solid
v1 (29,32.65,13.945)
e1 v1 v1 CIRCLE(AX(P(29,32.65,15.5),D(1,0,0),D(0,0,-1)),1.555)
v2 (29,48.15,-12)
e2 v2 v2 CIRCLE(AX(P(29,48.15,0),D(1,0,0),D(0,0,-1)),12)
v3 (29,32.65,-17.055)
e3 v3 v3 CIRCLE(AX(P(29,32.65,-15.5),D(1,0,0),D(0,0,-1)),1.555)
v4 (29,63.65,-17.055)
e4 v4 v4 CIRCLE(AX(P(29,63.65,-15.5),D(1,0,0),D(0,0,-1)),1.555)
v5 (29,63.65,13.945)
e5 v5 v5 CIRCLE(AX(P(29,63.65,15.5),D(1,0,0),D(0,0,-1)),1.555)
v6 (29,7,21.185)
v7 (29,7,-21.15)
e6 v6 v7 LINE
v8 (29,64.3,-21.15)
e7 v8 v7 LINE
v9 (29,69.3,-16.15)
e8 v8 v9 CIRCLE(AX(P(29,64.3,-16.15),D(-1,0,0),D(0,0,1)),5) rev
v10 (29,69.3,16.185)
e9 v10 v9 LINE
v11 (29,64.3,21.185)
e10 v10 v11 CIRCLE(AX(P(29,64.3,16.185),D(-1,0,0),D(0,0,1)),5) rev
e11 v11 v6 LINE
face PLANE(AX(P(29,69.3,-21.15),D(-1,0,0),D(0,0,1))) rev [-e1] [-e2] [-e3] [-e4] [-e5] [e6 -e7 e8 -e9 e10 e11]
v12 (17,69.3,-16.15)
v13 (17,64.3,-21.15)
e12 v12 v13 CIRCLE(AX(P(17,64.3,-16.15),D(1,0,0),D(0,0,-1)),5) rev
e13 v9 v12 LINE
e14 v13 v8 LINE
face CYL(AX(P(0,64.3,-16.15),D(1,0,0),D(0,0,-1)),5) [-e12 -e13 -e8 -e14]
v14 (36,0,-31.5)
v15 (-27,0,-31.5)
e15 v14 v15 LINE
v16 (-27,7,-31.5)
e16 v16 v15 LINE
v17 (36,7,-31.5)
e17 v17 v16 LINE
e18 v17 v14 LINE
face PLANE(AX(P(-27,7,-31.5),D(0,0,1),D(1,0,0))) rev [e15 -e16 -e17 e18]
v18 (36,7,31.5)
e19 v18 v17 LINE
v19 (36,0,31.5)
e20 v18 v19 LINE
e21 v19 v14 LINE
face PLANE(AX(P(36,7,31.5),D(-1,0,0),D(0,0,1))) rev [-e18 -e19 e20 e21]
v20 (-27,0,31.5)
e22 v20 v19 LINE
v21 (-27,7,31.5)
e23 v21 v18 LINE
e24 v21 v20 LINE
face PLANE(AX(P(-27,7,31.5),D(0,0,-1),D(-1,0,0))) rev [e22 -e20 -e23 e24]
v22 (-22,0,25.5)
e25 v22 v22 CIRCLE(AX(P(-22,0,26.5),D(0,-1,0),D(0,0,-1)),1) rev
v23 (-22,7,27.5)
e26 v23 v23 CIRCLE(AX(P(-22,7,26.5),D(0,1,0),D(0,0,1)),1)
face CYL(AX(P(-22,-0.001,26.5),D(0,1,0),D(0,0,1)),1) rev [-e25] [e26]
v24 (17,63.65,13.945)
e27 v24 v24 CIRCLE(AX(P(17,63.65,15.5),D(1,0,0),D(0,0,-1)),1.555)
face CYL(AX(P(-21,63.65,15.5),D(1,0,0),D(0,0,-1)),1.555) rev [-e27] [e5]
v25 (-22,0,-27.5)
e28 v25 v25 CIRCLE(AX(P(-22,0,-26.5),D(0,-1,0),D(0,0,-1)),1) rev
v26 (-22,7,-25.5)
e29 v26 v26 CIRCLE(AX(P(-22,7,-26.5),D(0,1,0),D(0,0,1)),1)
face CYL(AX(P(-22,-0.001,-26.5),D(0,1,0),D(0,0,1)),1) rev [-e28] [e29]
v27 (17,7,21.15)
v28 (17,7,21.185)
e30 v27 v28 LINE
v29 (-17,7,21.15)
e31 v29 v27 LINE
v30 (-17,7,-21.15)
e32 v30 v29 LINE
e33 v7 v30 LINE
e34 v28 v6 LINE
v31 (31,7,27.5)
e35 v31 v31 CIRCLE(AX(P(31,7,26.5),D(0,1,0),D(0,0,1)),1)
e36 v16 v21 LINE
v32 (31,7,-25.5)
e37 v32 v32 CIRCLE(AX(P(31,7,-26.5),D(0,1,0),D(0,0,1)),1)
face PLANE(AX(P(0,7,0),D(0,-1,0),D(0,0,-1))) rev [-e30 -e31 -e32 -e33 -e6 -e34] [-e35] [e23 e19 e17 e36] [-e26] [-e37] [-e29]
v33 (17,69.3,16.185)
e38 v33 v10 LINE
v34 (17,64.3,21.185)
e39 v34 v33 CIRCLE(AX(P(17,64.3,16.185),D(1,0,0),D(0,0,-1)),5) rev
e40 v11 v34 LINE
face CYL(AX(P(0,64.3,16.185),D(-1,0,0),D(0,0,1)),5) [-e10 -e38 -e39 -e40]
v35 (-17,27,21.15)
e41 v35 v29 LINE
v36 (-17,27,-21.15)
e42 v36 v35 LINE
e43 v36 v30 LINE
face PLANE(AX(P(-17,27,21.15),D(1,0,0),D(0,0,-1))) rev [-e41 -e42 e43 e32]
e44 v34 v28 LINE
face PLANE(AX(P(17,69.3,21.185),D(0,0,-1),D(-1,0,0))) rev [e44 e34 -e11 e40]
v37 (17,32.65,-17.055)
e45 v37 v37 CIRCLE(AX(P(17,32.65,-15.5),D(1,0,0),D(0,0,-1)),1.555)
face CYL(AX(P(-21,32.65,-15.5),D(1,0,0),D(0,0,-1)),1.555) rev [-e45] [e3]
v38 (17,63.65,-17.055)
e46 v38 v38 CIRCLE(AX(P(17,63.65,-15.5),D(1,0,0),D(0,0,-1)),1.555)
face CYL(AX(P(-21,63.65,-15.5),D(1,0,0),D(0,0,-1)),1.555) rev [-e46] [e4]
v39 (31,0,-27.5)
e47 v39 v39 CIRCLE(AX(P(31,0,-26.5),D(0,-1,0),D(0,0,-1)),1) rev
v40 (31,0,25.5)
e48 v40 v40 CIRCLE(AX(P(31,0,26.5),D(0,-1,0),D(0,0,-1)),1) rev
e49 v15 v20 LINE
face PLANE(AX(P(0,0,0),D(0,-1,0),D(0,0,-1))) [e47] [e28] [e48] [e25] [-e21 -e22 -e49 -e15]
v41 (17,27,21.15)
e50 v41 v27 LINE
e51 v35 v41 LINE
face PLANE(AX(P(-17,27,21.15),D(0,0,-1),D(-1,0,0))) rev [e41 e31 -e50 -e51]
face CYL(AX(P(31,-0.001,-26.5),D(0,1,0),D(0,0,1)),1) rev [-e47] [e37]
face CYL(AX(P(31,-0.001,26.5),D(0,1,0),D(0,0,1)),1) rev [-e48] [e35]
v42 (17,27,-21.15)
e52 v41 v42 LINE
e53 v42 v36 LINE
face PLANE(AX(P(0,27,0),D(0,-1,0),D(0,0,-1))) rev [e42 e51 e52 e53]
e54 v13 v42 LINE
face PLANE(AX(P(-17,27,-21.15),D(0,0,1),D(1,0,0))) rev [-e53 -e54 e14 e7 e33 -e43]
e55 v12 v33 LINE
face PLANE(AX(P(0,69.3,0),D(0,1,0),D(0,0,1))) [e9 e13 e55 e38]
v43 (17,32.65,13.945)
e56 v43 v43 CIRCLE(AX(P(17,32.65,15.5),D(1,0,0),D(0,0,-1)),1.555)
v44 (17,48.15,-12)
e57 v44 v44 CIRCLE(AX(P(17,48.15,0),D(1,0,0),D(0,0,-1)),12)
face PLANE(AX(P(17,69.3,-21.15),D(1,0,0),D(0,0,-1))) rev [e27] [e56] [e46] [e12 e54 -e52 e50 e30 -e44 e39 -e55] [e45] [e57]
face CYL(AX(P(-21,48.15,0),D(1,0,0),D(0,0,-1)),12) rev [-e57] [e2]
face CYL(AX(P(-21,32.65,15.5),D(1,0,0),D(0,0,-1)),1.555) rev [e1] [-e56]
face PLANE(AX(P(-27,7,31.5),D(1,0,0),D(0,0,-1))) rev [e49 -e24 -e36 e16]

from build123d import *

# Parameters (mm, degrees)
SKETCH1_W              = 63
SKETCH1_H              = 63
BASE_PLATE_DEPTH       = 7
SKETCH4_W              = 34
SKETCH4_H              = 42.3
MAIN_SUPPORT_DEPTH     = 20
SKETCH5_W              = 12
SKETCH5_H              = 42.335
SCREW_SUPPORT_DEPTH    = 62.3
SKETCH6_R              = 12
SKETCH6_R_2            = 1.555
SCREW_DEPTH            = 50
SCREW_SUPPORT_FILLET_R = 5
BASE_SCREW_REACH       = 80.546
SKETCH7_R              = 1


with BuildPart() as part:
    # Sketch1 → Base Plate (new body)
    with BuildSketch(Plane(origin=(0, 0, 0), x_dir=(1, 0, 0), z_dir=(0, 1, 0))):
        with Locations((4.5, 0)):
            Rectangle(SKETCH1_W, SKETCH1_H)
    extrude(amount=BASE_PLATE_DEPTH)

    # Sketch4 → Main Support (add)
    with BuildSketch(Plane(origin=(0, 7, 0), x_dir=(1, 0, 0), z_dir=(0, 1, 0))):
        Rectangle(SKETCH4_W, SKETCH4_H)
    extrude(amount=MAIN_SUPPORT_DEPTH)

    # Sketch5 → Screw Support (add)
    with BuildSketch(Plane(origin=(0, 7, 0), x_dir=(1, 0, 0), z_dir=(0, 1, 0))):
        with Locations((23, -0.0175)):
            Rectangle(SKETCH5_W, SKETCH5_H)
    extrude(amount=SCREW_SUPPORT_DEPTH)

    # Sketch6 → Screw (cut)
    with BuildSketch(Plane(origin=(29, 0, 0), x_dir=(0, 0, -1), z_dir=(1, 0, 0))):
        with Locations((0, 48.15)):
            Circle(SKETCH6_R)
        with Locations((-15.5, 32.65)):
            Circle(SKETCH6_R_2)
        with Locations((15.5, 32.65)):
            Circle(SKETCH6_R_2)
        with Locations((15.5, 63.65)):
            Circle(SKETCH6_R_2)
        with Locations((-15.5, 63.65)):
            Circle(SKETCH6_R_2)
    extrude(amount=-SCREW_DEPTH, mode=Mode.SUBTRACT)

    # Screw Support Fillet
    screw_support_fillet_edges = [part.edges().sort_by_distance(p)[0] for p in [
        (23, 69.3, 21.185),
        (23, 69.3, -21.15),
    ]]
    fillet(screw_support_fillet_edges, radius=SCREW_SUPPORT_FILLET_R)

    # Sketch7 → Base Screw (cut, up to next)
    with BuildSketch(Plane(origin=(0, 7, 0), x_dir=(1, 0, 0), z_dir=(0, 1, 0)), mode=Mode.PRIVATE) as base_screw_sk1:
        with Locations(Location((-22, 26.5, 0), (0, 0, 270))):
            Circle(SKETCH7_R)
    base_screw_tool1 = extrude(base_screw_sk1.sketch, amount=-BASE_SCREW_REACH, mode=Mode.PRIVATE) & part.part
    # Sketch7 → Base Screw (cut, up to next)
    with BuildSketch(Plane(origin=(0, 7, 0), x_dir=(1, 0, 0), z_dir=(0, 1, 0)), mode=Mode.PRIVATE) as base_screw_sk2:
        with Locations(Location((31, 26.5, 0), (0, 0, 270))):
            Circle(SKETCH7_R)
    base_screw_tool2 = extrude(base_screw_sk2.sketch, amount=-BASE_SCREW_REACH, mode=Mode.PRIVATE) & part.part
    # Sketch7 → Base Screw (cut, up to next)
    with BuildSketch(Plane(origin=(0, 7, 0), x_dir=(1, 0, 0), z_dir=(0, 1, 0)), mode=Mode.PRIVATE) as base_screw_sk3:
        with Locations(Location((31, -26.5, 0), (0, 0, 270))):
            Circle(SKETCH7_R)
    base_screw_tool3 = extrude(base_screw_sk3.sketch, amount=-BASE_SCREW_REACH, mode=Mode.PRIVATE) & part.part
    # Sketch7 → Base Screw (cut, up to next)
    with BuildSketch(Plane(origin=(0, 7, 0), x_dir=(1, 0, 0), z_dir=(0, 1, 0)), mode=Mode.PRIVATE) as base_screw_sk4:
        with Locations(Location((-22, -26.5, 0), (0, 0, 270))):
            Circle(SKETCH7_R)
    base_screw_tool4 = extrude(base_screw_sk4.sketch, amount=-BASE_SCREW_REACH, mode=Mode.PRIVATE) & part.part
    add(base_screw_tool1.solids().sort_by_distance((-22, 7, -26.5))[0], mode=Mode.SUBTRACT)
    add(base_screw_tool2.solids().sort_by_distance((31, 7, -26.5))[0], mode=Mode.SUBTRACT)
    add(base_screw_tool3.solids().sort_by_distance((31, 7, 26.5))[0], mode=Mode.SUBTRACT)
    add(base_screw_tool4.solids().sort_by_distance((-22, 7, 26.5))[0], mode=Mode.SUBTRACT)


solid = part.part
